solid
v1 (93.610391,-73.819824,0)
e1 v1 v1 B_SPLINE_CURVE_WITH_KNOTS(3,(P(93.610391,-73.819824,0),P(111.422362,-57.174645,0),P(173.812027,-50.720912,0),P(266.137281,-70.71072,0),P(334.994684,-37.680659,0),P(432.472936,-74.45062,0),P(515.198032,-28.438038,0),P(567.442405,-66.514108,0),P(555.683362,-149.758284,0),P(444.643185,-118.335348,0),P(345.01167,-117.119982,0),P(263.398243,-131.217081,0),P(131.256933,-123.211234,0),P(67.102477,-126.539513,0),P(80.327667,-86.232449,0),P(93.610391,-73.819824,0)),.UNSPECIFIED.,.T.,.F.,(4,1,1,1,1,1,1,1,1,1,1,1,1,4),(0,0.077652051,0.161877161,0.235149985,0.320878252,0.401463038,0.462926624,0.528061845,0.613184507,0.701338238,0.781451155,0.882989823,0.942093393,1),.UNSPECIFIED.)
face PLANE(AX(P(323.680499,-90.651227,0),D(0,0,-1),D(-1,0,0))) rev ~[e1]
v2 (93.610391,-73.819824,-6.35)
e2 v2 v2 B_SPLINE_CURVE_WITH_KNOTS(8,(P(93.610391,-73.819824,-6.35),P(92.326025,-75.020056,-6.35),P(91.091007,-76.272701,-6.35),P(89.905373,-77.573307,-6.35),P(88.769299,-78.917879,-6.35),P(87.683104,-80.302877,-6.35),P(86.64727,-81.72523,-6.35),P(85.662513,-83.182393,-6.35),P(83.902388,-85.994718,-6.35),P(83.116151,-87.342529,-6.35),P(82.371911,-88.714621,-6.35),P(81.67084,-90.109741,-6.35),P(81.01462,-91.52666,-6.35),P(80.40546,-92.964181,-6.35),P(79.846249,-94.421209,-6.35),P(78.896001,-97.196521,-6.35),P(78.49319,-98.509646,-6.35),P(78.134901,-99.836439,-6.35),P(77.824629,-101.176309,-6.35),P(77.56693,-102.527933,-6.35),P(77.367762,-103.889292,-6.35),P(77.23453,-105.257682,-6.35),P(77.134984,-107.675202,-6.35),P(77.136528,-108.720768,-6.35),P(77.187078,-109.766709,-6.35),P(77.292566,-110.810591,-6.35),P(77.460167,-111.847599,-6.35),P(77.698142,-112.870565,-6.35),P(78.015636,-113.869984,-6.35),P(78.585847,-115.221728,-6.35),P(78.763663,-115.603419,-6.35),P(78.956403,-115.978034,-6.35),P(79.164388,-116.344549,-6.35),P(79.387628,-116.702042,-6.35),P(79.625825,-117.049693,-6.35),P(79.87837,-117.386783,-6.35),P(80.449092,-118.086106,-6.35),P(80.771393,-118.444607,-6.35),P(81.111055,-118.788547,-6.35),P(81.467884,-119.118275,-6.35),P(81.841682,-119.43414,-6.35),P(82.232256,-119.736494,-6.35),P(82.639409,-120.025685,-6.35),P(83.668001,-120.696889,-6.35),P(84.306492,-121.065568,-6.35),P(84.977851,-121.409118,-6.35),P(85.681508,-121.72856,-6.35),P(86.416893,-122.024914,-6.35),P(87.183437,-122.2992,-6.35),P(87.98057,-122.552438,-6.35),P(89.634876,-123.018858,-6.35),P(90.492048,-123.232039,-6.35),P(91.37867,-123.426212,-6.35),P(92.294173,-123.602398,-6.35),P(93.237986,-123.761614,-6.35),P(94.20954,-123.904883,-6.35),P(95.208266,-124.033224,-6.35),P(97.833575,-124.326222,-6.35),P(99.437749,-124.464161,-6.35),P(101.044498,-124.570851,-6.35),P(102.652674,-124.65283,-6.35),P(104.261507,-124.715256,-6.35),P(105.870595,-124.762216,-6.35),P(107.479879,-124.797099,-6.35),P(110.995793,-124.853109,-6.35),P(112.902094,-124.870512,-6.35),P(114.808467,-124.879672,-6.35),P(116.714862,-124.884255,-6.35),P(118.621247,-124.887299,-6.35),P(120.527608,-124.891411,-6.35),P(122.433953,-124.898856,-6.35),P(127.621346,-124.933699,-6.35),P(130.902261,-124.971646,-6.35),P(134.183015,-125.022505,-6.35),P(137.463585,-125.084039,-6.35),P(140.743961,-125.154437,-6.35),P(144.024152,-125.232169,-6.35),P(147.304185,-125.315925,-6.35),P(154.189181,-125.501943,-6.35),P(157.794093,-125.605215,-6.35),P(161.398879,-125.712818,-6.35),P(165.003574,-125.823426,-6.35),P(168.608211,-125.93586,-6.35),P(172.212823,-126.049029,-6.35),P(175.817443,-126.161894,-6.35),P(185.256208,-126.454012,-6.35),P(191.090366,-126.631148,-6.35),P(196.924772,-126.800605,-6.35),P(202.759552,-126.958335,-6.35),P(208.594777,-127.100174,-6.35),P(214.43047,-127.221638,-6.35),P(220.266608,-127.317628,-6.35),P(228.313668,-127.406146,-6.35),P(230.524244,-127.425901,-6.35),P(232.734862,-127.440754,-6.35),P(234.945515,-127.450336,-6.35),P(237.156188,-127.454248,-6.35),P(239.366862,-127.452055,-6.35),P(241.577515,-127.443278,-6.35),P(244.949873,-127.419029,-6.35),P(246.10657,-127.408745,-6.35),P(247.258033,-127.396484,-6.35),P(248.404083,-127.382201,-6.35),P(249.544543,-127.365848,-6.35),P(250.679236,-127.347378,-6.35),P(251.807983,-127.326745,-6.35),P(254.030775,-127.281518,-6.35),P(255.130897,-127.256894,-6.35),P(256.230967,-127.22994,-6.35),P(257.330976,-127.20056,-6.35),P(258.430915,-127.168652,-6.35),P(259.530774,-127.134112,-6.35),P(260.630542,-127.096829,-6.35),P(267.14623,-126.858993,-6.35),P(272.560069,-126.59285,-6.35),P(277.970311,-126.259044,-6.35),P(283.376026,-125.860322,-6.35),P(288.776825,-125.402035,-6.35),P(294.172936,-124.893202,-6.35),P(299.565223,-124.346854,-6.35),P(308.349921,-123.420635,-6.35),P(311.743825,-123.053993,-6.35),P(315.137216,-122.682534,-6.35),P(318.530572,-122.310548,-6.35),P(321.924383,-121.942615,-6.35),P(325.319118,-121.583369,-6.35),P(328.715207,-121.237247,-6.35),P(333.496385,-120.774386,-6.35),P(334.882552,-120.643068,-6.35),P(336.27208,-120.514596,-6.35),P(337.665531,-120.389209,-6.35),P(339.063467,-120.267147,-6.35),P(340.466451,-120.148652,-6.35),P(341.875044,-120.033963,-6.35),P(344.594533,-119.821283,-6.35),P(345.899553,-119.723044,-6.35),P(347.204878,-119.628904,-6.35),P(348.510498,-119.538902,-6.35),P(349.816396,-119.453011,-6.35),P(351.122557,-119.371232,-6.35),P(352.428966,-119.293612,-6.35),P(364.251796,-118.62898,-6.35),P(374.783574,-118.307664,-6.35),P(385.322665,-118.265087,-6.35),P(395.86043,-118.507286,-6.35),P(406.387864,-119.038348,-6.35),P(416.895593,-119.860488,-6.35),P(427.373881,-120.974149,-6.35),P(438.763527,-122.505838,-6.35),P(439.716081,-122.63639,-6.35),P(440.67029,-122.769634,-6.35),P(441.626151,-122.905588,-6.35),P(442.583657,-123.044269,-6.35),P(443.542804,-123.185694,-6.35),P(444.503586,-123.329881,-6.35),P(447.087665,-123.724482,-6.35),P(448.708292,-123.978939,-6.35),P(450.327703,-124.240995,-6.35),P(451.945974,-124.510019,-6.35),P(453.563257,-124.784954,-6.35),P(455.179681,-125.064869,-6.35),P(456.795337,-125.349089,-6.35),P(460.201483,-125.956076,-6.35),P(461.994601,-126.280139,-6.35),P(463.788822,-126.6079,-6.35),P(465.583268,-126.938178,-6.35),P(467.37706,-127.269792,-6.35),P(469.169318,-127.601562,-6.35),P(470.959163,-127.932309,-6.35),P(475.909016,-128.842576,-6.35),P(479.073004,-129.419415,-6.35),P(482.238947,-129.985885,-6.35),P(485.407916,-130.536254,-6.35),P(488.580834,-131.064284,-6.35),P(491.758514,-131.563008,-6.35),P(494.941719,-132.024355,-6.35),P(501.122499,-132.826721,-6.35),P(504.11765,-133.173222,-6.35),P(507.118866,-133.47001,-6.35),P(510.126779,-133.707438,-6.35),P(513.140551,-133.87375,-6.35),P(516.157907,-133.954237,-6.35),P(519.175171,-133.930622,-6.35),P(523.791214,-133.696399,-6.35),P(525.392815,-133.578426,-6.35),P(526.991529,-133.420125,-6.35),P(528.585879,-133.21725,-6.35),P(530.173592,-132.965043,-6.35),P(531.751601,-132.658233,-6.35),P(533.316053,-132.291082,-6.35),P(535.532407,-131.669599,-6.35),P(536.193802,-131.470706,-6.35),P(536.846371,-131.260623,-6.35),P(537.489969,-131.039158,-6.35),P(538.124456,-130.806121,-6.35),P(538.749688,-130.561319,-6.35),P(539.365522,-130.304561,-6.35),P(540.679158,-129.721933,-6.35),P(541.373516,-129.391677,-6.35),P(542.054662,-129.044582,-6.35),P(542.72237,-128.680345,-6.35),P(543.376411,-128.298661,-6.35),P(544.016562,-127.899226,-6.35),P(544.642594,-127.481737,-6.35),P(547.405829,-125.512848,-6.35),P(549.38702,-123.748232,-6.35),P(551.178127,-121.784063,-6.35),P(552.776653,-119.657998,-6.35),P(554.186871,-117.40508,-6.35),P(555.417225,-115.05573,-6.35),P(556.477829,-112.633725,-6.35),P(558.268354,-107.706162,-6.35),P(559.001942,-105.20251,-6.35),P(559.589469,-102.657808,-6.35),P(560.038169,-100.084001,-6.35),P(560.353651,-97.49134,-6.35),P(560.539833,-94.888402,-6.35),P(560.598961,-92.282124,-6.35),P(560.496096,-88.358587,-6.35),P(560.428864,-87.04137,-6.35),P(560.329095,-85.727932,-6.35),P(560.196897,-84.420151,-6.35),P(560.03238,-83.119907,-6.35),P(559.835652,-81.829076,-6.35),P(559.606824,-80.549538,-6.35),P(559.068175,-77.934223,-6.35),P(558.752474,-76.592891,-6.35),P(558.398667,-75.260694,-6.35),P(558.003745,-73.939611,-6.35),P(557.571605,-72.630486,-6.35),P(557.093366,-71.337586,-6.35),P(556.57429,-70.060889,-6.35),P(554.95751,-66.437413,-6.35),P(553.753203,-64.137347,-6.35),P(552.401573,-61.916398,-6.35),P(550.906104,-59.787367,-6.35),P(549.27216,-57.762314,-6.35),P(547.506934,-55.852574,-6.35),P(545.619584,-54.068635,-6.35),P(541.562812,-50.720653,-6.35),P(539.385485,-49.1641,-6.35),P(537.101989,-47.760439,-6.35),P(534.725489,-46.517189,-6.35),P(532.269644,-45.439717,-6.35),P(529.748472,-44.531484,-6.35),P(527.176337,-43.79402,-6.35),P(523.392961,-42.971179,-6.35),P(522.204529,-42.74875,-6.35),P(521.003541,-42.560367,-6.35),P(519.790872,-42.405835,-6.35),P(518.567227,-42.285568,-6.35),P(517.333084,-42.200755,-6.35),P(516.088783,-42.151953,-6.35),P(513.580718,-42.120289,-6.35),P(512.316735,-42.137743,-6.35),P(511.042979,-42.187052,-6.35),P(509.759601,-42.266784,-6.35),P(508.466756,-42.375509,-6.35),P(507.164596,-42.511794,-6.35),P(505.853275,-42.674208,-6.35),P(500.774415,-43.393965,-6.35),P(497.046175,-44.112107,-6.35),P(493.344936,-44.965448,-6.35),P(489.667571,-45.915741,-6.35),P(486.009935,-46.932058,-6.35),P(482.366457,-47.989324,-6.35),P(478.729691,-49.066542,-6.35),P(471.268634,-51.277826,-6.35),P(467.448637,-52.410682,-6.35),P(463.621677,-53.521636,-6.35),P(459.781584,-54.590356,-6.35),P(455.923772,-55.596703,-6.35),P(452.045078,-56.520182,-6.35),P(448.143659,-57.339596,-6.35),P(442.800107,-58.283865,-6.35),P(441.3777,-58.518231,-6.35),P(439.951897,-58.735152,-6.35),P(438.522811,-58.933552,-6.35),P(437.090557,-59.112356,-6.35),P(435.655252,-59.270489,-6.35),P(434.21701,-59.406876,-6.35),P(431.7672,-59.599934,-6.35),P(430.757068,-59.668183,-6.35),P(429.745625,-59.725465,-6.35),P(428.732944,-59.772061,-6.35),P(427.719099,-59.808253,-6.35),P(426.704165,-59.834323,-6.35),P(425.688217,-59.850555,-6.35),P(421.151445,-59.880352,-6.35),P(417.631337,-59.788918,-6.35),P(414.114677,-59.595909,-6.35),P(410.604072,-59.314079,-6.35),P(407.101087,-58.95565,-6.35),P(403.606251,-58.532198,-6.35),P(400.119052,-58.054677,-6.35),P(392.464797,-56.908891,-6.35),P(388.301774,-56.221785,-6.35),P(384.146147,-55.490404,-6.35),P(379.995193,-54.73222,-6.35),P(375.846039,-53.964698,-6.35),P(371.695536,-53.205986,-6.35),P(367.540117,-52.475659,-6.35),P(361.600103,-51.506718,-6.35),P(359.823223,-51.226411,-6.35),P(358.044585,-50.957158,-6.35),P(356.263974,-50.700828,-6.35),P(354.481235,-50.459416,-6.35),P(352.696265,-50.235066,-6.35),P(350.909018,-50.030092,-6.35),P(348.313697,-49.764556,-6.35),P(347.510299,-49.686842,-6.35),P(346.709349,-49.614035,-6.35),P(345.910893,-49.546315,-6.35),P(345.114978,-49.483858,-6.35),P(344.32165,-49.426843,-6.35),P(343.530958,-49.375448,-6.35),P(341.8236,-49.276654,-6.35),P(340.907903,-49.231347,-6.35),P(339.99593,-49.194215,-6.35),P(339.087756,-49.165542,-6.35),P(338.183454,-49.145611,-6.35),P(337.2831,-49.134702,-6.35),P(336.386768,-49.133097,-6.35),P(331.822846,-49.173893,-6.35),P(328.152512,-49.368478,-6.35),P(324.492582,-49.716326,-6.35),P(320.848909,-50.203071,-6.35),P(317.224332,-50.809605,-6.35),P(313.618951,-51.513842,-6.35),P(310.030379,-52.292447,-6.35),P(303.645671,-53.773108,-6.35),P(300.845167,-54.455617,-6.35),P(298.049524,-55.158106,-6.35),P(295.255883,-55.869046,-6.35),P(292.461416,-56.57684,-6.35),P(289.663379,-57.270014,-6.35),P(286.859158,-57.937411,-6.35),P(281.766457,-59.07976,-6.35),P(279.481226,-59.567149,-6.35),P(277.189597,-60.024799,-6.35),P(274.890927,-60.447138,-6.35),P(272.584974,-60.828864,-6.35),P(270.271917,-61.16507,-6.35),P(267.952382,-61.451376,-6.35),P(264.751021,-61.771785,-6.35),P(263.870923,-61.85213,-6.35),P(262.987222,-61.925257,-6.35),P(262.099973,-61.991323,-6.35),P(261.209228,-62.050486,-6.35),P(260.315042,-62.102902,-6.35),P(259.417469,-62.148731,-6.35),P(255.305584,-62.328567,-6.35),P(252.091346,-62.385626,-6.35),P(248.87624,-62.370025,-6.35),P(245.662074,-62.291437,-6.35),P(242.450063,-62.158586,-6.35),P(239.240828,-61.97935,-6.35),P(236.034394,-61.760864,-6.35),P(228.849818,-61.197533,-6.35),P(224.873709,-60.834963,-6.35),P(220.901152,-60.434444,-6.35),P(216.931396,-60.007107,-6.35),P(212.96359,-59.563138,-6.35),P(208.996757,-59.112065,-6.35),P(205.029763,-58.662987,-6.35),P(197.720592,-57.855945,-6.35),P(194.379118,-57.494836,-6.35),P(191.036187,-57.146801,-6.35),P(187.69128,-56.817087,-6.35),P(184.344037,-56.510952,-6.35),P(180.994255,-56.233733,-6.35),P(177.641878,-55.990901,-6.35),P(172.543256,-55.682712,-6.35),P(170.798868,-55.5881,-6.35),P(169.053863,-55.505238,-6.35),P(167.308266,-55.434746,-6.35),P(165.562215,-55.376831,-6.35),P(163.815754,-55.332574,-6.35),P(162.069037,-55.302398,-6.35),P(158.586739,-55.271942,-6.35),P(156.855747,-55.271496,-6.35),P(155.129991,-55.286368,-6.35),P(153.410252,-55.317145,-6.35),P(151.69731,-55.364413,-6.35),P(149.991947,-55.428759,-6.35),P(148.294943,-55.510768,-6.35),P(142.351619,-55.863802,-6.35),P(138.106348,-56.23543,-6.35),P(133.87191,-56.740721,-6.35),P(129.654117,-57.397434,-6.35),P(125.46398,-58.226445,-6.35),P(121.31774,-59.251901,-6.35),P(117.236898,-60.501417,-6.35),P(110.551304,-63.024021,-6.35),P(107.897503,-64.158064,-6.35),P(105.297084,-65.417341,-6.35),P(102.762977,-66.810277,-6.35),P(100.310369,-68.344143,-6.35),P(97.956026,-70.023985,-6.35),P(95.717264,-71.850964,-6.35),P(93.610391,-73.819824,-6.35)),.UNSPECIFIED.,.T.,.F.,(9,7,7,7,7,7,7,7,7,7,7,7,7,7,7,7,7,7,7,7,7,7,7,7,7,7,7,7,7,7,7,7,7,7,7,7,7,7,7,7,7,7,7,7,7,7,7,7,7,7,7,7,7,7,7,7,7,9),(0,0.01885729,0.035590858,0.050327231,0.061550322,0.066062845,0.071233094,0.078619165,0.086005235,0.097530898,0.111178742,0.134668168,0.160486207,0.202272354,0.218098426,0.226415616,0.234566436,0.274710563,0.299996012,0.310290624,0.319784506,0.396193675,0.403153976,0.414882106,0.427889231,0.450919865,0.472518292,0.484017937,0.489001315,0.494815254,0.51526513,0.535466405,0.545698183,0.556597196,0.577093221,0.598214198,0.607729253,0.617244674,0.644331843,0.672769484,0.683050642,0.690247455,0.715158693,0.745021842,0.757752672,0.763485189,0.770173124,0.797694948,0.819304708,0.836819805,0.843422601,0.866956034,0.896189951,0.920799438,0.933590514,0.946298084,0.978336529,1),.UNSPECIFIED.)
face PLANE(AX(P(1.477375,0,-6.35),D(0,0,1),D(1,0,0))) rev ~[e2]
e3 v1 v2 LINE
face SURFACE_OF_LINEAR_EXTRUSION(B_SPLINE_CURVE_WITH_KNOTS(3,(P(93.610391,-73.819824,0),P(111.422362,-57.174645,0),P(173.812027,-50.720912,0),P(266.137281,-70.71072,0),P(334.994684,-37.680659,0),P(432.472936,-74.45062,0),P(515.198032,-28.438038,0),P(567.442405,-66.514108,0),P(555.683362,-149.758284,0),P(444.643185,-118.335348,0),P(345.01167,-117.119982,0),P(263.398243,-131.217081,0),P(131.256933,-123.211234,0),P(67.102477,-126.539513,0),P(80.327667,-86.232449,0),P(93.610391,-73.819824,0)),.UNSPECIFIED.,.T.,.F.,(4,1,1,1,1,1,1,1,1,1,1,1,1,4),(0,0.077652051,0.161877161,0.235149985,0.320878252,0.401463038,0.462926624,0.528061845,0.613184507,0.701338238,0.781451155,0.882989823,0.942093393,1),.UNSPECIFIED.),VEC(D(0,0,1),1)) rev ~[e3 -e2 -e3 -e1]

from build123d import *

# Parameters (mm, degrees)
F1_DEPTH = 190.5
F3_DEPTH = 25.4


with BuildPart() as f1:
    # F0 (on Front) → F1 (new body)
    with BuildSketch(Plane.XZ):
        with BuildLine():
            Line((-1.4379239916, 0.3391330266), (-123.6086697336, 29.1529889837))
            Line((-123.6086697336, 29.1529889837), (-125.0663191828, 22.972555497))
            Line((-125.0663191828, 22.972555497), (-2.8955734407, -5.84130046))
            Line((-2.8955734407, -5.84130046), (1.4773749068, -6.35))
            Line((1.4773749068, -6.35), (584.2, -6.35))
            Line((584.2, -6.35), (584.2, 0))
            Line((584.2, 0), (1.4773749068, 0))
            ThreePointArc((1.4773749068, 0), (0.0098958715, 0.0850681619), (-1.4379239916, 0.3391330266))
        make_face()
    extrude(amount=F1_DEPTH)

    # F2 (on Top) → F3 (intersect)
    with BuildSketch(Plane.XY):
        with BuildLine():
            add(Edge.make_bspline(
                [(93.6103910208, -73.8198235631), (111.4223616565, -57.1746445987), (173.812026806, -50.720912272), (266.1372814333, -70.7107200085), (334.9946843757, -37.680659464), (432.4729359265, -74.4506202524), (515.1980320962, -28.4380380283), (567.4424053365, -66.5141076568), (555.6833618765, -149.7582840756), (444.6431853337, -118.3353483175), (345.0116704353, -117.1199823575), (263.3982425642, -131.217081076), (131.2569333934, -123.2112342439), (67.1024769712, -126.5395128661), (80.3276667919, -86.2324491196), (93.6103910208, -73.8198235631)],
                knots=[0, 0, 0, 0, 0.0776520509, 0.1618771613, 0.235149985, 0.3208782516, 0.4014630381, 0.4629266243, 0.5280618451, 0.6131845072, 0.7013382377, 0.7814511551, 0.8829898234, 0.9420933933, 1, 1, 1, 1], degree=3))
        make_face()
    extrude(amount=-F3_DEPTH, mode=Mode.INTERSECT)


solid = f1.part
